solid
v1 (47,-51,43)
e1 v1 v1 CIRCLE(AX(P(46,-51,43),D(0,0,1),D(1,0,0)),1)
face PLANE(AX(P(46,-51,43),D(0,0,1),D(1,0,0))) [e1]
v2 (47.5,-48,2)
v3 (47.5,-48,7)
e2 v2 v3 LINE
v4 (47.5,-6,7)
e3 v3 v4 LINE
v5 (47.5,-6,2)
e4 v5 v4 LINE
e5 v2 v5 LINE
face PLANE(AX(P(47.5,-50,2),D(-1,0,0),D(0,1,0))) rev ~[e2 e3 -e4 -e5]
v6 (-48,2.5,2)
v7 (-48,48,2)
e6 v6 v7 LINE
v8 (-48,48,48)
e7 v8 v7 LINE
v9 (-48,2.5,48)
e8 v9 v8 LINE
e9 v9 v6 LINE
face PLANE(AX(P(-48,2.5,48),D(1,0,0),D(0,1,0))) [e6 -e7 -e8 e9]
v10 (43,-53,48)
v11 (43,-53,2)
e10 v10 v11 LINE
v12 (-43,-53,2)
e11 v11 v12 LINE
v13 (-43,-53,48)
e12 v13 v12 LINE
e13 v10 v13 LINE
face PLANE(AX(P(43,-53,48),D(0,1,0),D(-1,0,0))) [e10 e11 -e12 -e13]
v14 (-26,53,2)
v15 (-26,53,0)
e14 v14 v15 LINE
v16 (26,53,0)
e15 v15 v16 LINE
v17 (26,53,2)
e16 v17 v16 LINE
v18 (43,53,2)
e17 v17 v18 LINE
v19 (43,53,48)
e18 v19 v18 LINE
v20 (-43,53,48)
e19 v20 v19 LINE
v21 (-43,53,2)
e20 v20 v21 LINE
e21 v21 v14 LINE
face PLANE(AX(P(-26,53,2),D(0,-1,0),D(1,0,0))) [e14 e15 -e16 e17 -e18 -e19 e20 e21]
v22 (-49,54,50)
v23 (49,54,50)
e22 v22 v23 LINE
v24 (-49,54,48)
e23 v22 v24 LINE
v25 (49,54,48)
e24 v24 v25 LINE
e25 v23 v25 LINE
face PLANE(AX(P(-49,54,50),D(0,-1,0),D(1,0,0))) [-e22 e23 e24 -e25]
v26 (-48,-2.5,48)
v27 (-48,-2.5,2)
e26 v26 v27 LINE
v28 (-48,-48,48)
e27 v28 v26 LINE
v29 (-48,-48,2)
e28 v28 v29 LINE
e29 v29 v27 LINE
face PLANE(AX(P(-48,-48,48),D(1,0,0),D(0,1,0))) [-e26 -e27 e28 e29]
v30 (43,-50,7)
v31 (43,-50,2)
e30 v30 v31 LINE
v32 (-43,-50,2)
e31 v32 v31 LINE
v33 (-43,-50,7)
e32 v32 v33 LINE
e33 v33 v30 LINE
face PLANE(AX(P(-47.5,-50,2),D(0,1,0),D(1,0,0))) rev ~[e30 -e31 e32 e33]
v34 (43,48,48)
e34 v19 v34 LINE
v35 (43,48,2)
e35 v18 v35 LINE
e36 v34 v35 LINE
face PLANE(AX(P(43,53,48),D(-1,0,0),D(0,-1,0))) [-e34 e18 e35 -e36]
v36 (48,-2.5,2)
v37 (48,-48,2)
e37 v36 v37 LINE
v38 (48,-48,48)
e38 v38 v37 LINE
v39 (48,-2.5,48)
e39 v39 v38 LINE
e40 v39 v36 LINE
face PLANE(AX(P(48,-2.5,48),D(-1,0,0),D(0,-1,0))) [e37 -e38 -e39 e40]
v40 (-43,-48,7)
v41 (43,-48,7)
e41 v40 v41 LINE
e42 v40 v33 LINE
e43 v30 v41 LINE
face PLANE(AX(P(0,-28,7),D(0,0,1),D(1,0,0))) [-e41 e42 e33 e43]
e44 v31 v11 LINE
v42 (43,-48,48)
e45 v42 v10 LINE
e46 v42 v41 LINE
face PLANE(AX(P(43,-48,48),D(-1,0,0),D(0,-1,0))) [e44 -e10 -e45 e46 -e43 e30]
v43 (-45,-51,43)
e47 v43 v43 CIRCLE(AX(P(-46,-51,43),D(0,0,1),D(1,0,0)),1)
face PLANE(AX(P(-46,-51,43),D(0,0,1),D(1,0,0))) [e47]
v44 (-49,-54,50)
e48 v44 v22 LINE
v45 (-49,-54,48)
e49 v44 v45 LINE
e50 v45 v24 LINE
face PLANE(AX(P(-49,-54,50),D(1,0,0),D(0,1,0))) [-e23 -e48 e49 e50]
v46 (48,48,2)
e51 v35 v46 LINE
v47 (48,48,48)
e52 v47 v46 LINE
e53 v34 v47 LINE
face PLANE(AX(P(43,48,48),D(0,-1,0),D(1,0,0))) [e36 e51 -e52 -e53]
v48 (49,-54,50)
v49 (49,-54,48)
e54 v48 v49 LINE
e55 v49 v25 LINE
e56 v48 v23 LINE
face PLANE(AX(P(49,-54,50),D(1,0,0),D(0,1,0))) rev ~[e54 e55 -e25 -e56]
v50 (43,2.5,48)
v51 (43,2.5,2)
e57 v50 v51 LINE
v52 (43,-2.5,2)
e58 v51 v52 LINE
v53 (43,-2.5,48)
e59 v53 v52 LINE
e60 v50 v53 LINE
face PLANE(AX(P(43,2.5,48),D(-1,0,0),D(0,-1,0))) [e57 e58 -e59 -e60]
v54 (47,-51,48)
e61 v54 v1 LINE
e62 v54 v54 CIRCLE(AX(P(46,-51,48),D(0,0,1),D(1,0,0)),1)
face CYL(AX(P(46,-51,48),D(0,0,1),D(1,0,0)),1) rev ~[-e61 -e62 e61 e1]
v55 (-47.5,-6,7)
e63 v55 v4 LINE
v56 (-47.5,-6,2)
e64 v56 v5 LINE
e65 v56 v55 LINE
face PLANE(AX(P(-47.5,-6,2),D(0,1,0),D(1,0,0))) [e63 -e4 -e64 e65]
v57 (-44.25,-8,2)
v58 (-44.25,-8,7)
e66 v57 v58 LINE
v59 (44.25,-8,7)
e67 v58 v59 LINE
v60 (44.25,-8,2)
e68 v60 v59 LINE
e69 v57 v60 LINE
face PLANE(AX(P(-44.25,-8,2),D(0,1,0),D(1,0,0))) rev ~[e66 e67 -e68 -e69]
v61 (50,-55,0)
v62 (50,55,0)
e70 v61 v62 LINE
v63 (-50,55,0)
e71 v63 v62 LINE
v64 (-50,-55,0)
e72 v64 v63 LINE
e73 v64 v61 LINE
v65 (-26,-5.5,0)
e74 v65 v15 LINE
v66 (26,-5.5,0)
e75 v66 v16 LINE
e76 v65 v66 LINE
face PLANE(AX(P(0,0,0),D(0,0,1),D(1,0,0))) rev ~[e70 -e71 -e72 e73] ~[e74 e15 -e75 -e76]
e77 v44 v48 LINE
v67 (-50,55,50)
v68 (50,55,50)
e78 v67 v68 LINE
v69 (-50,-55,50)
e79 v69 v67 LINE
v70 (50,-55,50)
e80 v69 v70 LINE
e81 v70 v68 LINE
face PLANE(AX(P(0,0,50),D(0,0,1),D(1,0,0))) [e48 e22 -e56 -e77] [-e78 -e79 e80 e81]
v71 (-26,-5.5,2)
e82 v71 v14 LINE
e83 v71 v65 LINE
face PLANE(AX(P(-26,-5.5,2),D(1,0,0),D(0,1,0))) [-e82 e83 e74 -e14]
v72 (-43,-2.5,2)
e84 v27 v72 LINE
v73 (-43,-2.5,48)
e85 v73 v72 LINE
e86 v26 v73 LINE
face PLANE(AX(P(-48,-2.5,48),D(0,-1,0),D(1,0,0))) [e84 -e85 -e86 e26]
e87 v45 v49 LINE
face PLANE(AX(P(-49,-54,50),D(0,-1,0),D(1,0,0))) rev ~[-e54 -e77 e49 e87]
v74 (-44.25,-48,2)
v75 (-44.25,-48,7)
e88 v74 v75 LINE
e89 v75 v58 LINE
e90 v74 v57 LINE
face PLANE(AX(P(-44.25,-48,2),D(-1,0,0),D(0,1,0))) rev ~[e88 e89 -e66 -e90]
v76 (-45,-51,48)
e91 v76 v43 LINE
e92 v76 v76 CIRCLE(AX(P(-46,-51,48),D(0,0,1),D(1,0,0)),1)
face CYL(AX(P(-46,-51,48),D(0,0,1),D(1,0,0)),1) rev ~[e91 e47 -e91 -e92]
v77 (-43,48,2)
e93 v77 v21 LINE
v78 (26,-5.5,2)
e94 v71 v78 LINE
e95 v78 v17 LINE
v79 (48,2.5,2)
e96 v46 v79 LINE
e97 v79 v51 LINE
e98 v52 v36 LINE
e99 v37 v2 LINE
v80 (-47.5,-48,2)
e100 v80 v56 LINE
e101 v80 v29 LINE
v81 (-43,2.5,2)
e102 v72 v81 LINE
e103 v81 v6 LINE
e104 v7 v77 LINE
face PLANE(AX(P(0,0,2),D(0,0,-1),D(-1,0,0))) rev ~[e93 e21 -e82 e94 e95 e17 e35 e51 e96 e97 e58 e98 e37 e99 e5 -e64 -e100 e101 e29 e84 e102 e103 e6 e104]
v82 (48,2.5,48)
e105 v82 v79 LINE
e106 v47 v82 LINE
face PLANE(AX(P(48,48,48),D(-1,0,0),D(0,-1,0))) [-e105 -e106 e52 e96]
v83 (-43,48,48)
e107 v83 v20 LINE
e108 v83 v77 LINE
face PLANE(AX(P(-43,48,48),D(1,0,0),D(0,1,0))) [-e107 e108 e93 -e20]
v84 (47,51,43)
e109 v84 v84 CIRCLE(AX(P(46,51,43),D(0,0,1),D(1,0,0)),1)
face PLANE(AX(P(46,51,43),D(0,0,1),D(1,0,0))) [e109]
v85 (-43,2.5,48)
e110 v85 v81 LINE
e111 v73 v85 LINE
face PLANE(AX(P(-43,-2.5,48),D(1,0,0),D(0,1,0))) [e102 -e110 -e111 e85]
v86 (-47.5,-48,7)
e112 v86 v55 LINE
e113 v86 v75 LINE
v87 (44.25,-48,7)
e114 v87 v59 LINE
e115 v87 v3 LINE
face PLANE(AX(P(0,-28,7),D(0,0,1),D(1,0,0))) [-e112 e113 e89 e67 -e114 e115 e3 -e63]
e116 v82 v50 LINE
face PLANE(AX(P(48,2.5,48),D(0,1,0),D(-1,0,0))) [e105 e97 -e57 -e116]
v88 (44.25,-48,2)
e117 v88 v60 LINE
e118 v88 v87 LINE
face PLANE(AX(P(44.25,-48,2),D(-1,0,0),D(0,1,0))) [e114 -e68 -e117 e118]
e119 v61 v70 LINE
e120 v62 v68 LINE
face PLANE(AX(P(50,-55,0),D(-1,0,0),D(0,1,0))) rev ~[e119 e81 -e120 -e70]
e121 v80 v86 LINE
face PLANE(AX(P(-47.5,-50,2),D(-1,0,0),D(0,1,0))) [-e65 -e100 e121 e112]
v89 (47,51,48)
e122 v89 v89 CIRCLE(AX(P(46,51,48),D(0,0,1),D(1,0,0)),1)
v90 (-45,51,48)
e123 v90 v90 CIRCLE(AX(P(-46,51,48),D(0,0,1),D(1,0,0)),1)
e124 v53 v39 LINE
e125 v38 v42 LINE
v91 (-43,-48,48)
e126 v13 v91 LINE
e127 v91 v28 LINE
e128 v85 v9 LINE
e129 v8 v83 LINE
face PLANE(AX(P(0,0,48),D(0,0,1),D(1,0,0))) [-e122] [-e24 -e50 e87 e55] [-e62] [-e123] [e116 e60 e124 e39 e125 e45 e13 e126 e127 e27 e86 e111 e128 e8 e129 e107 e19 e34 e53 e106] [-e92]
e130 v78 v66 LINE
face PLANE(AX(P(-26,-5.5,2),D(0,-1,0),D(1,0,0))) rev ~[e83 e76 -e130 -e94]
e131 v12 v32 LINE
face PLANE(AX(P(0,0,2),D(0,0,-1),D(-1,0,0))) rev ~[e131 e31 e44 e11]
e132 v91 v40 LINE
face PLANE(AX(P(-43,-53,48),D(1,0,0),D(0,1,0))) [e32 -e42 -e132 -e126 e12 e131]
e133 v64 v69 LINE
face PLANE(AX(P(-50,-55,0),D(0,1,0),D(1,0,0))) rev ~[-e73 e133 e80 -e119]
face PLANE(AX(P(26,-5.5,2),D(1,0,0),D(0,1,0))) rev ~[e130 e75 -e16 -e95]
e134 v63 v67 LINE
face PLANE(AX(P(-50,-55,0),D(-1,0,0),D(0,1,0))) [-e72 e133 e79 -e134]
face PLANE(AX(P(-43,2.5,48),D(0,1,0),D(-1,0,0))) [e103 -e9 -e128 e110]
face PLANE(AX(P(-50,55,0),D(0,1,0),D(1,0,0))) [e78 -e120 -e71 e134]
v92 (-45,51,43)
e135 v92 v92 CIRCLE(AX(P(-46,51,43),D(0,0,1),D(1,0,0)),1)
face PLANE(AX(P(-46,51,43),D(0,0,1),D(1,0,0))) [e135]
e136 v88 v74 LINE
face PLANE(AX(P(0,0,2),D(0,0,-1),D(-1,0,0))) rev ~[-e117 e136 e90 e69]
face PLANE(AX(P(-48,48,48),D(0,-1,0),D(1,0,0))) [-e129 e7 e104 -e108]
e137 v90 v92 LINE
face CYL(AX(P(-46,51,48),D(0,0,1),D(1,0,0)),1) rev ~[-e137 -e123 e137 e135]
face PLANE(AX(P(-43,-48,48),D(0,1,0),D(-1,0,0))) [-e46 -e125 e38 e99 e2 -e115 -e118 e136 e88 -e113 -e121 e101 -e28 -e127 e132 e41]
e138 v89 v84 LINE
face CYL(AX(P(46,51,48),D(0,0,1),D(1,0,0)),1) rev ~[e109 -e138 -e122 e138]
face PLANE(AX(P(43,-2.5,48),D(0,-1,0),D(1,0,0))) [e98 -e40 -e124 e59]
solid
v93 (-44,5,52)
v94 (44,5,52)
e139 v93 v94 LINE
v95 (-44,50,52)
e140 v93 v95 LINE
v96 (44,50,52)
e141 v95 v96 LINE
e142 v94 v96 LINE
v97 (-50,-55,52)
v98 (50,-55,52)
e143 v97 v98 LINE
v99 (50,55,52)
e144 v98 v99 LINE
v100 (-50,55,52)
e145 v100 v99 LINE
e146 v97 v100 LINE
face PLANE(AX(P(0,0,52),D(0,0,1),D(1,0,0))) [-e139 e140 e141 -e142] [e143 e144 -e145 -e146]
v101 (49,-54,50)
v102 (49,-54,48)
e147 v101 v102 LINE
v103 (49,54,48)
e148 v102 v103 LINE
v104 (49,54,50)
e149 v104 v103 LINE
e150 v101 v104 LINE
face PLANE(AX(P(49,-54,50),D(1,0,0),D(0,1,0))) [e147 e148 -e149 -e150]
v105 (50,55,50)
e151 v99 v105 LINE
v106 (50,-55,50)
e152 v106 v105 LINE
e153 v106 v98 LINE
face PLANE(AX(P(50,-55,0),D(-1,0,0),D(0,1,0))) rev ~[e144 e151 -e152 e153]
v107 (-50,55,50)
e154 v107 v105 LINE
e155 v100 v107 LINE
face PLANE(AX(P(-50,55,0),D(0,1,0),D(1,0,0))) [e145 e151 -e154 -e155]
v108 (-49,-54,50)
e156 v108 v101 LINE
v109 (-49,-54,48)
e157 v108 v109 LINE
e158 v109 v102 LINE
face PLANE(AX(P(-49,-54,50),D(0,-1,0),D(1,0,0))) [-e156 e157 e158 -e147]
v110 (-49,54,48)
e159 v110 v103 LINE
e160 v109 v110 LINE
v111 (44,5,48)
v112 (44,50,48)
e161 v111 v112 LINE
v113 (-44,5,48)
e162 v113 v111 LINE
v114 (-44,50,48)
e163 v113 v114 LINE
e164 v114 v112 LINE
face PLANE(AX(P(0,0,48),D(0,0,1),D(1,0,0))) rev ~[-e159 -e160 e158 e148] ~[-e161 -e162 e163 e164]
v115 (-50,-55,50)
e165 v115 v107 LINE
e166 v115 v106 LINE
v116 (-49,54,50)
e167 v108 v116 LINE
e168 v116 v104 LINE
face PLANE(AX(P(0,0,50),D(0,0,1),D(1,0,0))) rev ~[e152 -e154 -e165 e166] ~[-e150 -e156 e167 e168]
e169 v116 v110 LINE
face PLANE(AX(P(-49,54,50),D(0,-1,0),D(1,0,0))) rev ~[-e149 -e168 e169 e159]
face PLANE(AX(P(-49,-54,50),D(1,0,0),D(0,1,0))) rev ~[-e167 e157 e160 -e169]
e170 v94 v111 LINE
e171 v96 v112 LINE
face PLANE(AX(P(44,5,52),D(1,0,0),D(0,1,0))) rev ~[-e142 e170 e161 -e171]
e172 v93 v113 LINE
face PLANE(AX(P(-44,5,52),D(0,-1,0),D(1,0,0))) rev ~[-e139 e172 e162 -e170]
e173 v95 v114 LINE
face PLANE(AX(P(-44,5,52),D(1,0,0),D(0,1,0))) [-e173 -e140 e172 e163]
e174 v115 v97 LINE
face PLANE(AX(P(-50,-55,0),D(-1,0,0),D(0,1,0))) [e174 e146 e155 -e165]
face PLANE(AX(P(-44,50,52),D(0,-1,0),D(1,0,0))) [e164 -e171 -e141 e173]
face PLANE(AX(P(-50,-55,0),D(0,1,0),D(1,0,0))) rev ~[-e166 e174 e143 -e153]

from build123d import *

# Parameters (mm, degrees)
SKETCH_W        = 100
SKETCH_H        = 110
PAD_DEPTH       = 50
SKETCH001_W     = 98
SKETCH001_H     = 108
POCKET_DEPTH    = 2
POCKET001_DEPTH = 46
SKETCH003_W     = 52
SKETCH003_H     = 58.5
POCKET002_DEPTH = 5
SKETCH004_W     = 95
SKETCH004_H     = 44
SKETCH004_W_2   = 88.5
SKETCH004_H_2   = 40
PAD001_DEPTH    = 5
SKETCH006_R     = 1
POCKET003_DEPTH = 5
SKETCH005_W     = 100
SKETCH005_H     = 110
PAD002_DEPTH    = 2
SKETCH007_W     = 88
SKETCH007_H     = 45
POCKET004_DEPTH = 5


with BuildPart() as pad001:
    # Sketch → Pad (new body)
    with BuildSketch(Plane.XY):
        Rectangle(SKETCH_W, SKETCH_H)
    extrude(amount=PAD_DEPTH)

    # Sketch001 → Pocket (cut)
    with BuildSketch(Plane.XY.offset(50)):
        Rectangle(SKETCH001_W, SKETCH001_H)
    extrude(amount=-POCKET_DEPTH, mode=Mode.SUBTRACT)

    # Sketch002 → Pocket001 (cut)
    with BuildSketch(Plane.XY.offset(48)):
        Polygon((-43, 53), (43, 53), (43, 48), (48, 48), (48, 2.5), (43, 2.5), (43, -2.5), (48, -2.5), (48, -48), (43, -48), (43, -53), (-43, -53), (-43, -48), (-48, -48), (-48, -2.5), (-43, -2.5), (-43, 2.5), (-48, 2.5), (-48, 48), (-43, 48), align=None)
    extrude(amount=-POCKET001_DEPTH, mode=Mode.SUBTRACT)

    # Sketch003 → Pocket002 (cut)
    with BuildSketch(Plane.XY.offset(2)):
        with Locations((0, 23.75)):
            Rectangle(SKETCH003_W, SKETCH003_H)
    extrude(amount=-POCKET002_DEPTH, mode=Mode.SUBTRACT)

    # Sketch004 → Pad001 (new body)
    with BuildSketch(Plane.XY.offset(2)):
        with Locations((0, -28)):
            Rectangle(SKETCH004_W, SKETCH004_H)
        with Locations((0, -28)):
            Rectangle(SKETCH004_W_2, SKETCH004_H_2, mode=Mode.SUBTRACT)
    extrude(amount=PAD001_DEPTH)


with BuildPart() as pocket003:
    # Pocket003 base: copy of Pad001
    add(pad001.part)

    # Sketch006 → Pocket003 (cut)
    with BuildSketch(Plane.XY.offset(48)):
        with Locations((-46, 51)):
            Circle(SKETCH006_R)
        with Locations((-46, -51)):
            Circle(SKETCH006_R)
        with Locations((46, 51)):
            Circle(SKETCH006_R)
        with Locations((46, -51)):
            Circle(SKETCH006_R)
    extrude(amount=-POCKET003_DEPTH, mode=Mode.SUBTRACT)


with BuildPart() as pocket004:
    # Pad002 base: copy of Pad001
    add(pad001.part)

    # Sketch005 → Pad002 (new body, symmetric)
    with BuildSketch(Plane.XY.offset(50)):
        Rectangle(SKETCH005_W, SKETCH005_H)
    extrude(amount=PAD002_DEPTH, both=True)

    # Cut: cut Pad001
    add(pad001.part, mode=Mode.SUBTRACT)

    # Sketch007 → Pocket004 (cut)
    with BuildSketch(Plane.XY.offset(52)):
        with Locations((0, 27.5)):
            Rectangle(SKETCH007_W, SKETCH007_H)
    extrude(amount=-POCKET004_DEPTH, mode=Mode.SUBTRACT)


solid = Compound([pocket003.part, pocket004.part])
